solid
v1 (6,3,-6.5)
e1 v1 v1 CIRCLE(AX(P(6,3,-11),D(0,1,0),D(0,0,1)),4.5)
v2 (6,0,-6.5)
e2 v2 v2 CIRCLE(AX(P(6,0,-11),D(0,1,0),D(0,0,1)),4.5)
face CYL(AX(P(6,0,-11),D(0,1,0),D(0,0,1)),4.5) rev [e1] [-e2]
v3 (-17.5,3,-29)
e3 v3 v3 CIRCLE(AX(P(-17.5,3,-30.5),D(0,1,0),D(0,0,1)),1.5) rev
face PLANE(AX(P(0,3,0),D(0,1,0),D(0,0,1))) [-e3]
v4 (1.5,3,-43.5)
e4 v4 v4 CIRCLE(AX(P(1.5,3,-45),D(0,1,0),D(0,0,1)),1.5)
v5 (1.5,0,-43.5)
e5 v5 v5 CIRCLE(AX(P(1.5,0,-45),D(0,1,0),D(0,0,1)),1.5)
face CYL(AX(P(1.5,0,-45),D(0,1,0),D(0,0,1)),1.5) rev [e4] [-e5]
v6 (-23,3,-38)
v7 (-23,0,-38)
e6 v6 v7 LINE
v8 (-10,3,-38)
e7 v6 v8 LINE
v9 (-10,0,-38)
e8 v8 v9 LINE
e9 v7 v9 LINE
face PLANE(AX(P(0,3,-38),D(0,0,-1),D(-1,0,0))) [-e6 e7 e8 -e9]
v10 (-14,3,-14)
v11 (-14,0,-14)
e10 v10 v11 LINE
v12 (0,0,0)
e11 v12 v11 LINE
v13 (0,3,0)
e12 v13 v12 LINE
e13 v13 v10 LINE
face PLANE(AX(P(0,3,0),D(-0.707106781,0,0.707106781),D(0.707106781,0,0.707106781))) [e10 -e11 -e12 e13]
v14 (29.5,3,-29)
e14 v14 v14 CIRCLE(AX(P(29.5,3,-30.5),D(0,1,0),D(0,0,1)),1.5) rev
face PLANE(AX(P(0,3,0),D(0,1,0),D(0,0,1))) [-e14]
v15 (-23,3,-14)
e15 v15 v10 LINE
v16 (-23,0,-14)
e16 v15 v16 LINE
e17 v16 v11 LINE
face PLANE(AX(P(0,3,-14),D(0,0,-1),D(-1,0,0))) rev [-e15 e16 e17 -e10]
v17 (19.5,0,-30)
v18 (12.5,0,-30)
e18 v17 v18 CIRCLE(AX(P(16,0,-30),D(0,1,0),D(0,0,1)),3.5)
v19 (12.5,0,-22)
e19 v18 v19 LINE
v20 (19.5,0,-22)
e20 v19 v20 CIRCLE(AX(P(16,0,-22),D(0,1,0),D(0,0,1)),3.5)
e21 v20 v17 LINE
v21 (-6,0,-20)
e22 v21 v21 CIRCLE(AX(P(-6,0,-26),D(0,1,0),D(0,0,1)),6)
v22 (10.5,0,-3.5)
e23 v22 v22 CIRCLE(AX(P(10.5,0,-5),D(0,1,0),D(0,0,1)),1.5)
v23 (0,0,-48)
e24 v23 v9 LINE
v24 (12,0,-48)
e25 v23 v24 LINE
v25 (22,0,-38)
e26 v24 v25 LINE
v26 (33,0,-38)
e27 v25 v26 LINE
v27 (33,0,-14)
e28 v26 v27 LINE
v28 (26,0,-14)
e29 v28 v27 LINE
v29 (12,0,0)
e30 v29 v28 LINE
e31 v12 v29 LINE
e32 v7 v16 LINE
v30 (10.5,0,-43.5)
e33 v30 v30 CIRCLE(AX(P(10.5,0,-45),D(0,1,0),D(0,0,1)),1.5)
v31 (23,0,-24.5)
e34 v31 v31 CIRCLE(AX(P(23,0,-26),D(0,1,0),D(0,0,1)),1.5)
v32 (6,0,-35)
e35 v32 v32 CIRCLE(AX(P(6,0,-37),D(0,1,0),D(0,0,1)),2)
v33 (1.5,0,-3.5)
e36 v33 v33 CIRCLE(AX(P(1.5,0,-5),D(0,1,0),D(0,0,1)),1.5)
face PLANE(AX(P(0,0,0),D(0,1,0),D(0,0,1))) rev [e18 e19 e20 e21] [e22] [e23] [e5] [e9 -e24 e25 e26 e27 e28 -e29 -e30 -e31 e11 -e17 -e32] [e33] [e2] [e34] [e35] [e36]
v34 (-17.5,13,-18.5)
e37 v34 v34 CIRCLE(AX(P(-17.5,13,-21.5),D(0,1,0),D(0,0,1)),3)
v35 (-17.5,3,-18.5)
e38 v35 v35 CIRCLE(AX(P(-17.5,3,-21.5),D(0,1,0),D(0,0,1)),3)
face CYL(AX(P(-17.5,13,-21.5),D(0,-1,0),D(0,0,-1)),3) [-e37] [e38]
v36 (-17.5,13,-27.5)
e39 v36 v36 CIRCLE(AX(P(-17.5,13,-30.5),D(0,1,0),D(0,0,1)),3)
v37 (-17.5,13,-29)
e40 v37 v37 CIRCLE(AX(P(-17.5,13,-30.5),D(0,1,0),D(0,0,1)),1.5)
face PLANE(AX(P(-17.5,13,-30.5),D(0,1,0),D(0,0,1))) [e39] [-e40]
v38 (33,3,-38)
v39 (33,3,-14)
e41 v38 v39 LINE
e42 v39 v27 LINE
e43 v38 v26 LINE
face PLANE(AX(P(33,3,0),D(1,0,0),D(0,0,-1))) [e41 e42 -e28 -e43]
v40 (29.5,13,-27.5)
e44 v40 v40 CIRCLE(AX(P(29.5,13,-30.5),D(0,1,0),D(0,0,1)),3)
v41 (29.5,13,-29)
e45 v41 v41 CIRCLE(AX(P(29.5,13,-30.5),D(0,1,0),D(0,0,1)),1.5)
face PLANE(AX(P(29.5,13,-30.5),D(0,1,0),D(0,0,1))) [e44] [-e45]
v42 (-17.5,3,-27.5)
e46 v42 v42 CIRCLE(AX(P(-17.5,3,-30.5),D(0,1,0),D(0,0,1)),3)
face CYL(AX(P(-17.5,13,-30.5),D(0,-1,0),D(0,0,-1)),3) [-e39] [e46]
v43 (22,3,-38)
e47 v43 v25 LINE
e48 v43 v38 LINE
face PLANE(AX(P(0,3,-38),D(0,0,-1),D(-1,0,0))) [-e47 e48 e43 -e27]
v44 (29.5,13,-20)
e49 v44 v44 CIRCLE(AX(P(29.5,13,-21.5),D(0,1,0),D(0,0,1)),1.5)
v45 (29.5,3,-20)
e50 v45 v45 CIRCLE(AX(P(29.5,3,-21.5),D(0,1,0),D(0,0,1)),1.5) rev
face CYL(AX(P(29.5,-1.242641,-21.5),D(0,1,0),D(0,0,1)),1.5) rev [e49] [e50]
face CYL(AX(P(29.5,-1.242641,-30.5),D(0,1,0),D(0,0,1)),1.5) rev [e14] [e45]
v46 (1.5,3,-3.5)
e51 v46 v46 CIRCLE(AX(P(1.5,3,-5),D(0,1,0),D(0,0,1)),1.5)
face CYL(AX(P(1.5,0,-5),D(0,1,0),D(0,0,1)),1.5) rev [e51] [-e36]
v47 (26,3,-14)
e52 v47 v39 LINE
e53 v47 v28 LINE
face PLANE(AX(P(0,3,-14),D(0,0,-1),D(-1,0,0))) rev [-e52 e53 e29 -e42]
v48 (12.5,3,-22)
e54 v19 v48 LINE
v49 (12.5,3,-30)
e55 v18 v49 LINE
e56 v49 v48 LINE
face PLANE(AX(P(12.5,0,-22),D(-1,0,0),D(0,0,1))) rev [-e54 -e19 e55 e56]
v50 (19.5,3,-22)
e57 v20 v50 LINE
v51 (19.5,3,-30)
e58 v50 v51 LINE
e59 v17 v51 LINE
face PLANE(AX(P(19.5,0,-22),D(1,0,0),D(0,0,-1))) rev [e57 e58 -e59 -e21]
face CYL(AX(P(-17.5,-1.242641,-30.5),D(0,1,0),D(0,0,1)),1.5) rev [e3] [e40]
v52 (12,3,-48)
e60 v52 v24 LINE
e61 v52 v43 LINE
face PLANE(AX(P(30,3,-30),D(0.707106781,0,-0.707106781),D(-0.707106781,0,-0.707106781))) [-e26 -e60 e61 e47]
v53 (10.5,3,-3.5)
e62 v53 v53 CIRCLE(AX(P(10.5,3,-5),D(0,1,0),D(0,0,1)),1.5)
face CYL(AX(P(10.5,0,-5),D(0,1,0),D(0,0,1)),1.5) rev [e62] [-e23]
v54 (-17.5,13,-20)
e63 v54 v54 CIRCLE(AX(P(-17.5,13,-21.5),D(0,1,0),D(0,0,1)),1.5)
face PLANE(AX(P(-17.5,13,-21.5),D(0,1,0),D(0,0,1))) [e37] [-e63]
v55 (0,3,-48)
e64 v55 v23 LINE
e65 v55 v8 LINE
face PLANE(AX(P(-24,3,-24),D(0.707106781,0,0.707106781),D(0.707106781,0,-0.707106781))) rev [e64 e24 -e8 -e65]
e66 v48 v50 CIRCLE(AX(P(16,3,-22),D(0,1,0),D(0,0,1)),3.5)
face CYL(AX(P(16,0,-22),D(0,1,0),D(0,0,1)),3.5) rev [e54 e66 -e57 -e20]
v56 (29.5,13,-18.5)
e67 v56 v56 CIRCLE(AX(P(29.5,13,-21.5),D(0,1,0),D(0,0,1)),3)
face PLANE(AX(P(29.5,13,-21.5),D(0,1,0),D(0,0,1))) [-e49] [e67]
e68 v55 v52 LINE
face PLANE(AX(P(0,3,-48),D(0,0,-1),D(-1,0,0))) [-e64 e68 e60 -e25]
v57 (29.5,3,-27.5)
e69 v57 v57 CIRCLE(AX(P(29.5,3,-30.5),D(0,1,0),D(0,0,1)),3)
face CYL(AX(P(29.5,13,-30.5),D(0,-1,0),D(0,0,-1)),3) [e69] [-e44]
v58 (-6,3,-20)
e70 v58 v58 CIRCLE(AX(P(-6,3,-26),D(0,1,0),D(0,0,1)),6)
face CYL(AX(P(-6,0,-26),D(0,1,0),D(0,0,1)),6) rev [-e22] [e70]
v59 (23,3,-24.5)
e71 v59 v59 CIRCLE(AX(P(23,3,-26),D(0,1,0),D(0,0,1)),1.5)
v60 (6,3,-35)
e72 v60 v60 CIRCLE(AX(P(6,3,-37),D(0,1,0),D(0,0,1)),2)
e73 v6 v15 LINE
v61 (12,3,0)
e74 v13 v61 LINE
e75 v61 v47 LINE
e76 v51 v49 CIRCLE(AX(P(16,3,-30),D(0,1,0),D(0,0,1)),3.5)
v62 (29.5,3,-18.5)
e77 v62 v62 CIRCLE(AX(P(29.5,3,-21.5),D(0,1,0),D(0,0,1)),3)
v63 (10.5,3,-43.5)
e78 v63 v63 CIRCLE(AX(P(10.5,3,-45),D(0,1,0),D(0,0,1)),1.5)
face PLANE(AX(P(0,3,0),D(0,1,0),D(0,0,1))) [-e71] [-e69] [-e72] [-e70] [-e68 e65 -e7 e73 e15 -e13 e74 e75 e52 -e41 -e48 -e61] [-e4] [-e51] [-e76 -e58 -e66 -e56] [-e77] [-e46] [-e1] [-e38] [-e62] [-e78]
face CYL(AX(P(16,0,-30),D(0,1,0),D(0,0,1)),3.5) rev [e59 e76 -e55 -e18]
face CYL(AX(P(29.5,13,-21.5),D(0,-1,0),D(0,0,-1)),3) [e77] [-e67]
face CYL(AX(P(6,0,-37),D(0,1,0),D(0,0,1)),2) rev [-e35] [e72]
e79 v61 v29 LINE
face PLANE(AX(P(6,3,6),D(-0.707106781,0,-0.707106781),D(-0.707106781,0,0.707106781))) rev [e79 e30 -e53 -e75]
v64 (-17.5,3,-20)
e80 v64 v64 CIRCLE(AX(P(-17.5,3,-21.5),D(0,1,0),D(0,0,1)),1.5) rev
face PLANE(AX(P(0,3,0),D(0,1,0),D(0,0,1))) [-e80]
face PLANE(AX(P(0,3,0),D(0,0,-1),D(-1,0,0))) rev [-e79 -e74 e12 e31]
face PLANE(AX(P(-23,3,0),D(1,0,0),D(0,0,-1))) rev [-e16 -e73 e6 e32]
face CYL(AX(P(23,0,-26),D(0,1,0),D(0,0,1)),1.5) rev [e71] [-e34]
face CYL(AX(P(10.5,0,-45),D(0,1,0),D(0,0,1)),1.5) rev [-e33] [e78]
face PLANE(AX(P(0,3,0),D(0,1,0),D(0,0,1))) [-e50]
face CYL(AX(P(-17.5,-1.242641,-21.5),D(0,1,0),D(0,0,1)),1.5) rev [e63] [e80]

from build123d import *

# Parameters (mm, degrees)
SKETCH1_W           = 12
SKETCH1_H           = 10
SKETCH1_H_2         = 24
SKETCH1_H_3         = 14
BOSS_EXTRUDE1_DEPTH = 3
SKETCH2_R           = 1.5
SKETCH2_R_2         = 2
SKETCH2_R_3         = 4.5
CUT_EXTRUDE1_DEPTH  = 3
SKETCH3_R           = 3
BOSS_EXTRUDE2_DEPTH = 10
SKETCH4_R           = 1.5
SKETCH4_R_2         = 6
CUT_EXTRUDE2_DEPTH  = 4
SKETCH5_R           = 1.5
CUT_EXTRUDE3_DEPTH  = 10


with BuildPart() as part:
    # Sketch1 → Boss-Extrude1 (new body)
    with BuildSketch(Plane(origin=(0, 0, 0), x_dir=(1, 0, 0), z_dir=(0, 1, 0))):
        Polygon((0, 0), (0, 14), (-14, 14), align=None)
        Polygon((0, 38), (-10, 38), (-23, 38), (-23, 14), (-14, 14), (0, 14), align=None)
        Polygon((22, 38), (12, 48), (12, 38), align=None)
        with Locations((6, 43)):
            Rectangle(SKETCH1_W, SKETCH1_H)
        with Locations((6, 26)):
            Rectangle(SKETCH1_W, SKETCH1_H_2)
        Polygon((22, 38), (12, 38), (12, 14), (26, 14), (33, 14), (33, 38), align=None)
        Polygon((26, 14), (12, 14), (12, 0), align=None)
        with Locations((6, 7)):
            Rectangle(SKETCH1_W, SKETCH1_H_3)
        Polygon((0, 38), (0, 48), (-10, 38), align=None)
    extrude(amount=BOSS_EXTRUDE1_DEPTH)

    # Sketch2 → Cut-Extrude1 (cut)
    with BuildSketch(Plane(origin=(0, 3, 0), x_dir=(1, 0, 0), z_dir=(0, 1, 0))):
        with Locations((1.5, 45)):
            Circle(SKETCH2_R)
        with Locations((10.5, 45)):
            Circle(SKETCH2_R)
        with Locations((10.5, 5)):
            Circle(SKETCH2_R)
        with Locations((1.5, 5)):
            Circle(SKETCH2_R)
        with Locations((6, 37)):
            Circle(SKETCH2_R_2)
        with Locations((6, 11)):
            Circle(SKETCH2_R_3)
    extrude(amount=-CUT_EXTRUDE1_DEPTH, mode=Mode.SUBTRACT)

    # Sketch3 → Boss-Extrude2 (add)
    with BuildSketch(Plane(origin=(0, 3, 0), x_dir=(1, 0, 0), z_dir=(0, 1, 0))):
        with Locations((-17.5, 30.5)):
            Circle(SKETCH3_R)
        with Locations((-17.5, 21.5)):
            Circle(SKETCH3_R)
        with Locations((29.5, 30.5)):
            Circle(SKETCH3_R)
        with Locations((29.5, 21.5)):
            Circle(SKETCH3_R)
    extrude(amount=BOSS_EXTRUDE2_DEPTH)

    # Sketch4 → Cut-Extrude2 (cut, through all)
    with BuildSketch(Plane(origin=(0, 3, 0), x_dir=(1, 0, 0), z_dir=(0, 1, 0))):
        with Locations((23, 26)):
            Circle(SKETCH4_R)
        with Locations((-6, 26)):
            Circle(SKETCH4_R_2)
        with BuildLine():
            Line((12.5, 22), (12.5, 30))
            ThreePointArc((12.5, 30), (16, 33.5), (19.5, 30))
            Line((19.5, 30), (19.5, 22))
            ThreePointArc((19.5, 22), (16, 18.5), (12.5, 22))
        make_face()
    extrude(amount=-CUT_EXTRUDE2_DEPTH, mode=Mode.SUBTRACT)

    # Sketch5 → Cut-Extrude3 (cut)
    with BuildSketch(Plane(origin=(0, 13, 0), x_dir=(1, 0, 0), z_dir=(0, 1, 0))):
        with Locations((29.5, 30.5)):
            Circle(SKETCH5_R)
        with Locations((29.5, 21.5)):
            Circle(SKETCH5_R)
        with Locations((-17.5, 30.5)):
            Circle(SKETCH5_R)
        with Locations((-17.5, 21.5)):
            Circle(SKETCH5_R)
    extrude(amount=-CUT_EXTRUDE3_DEPTH, mode=Mode.SUBTRACT)


solid = part.part
